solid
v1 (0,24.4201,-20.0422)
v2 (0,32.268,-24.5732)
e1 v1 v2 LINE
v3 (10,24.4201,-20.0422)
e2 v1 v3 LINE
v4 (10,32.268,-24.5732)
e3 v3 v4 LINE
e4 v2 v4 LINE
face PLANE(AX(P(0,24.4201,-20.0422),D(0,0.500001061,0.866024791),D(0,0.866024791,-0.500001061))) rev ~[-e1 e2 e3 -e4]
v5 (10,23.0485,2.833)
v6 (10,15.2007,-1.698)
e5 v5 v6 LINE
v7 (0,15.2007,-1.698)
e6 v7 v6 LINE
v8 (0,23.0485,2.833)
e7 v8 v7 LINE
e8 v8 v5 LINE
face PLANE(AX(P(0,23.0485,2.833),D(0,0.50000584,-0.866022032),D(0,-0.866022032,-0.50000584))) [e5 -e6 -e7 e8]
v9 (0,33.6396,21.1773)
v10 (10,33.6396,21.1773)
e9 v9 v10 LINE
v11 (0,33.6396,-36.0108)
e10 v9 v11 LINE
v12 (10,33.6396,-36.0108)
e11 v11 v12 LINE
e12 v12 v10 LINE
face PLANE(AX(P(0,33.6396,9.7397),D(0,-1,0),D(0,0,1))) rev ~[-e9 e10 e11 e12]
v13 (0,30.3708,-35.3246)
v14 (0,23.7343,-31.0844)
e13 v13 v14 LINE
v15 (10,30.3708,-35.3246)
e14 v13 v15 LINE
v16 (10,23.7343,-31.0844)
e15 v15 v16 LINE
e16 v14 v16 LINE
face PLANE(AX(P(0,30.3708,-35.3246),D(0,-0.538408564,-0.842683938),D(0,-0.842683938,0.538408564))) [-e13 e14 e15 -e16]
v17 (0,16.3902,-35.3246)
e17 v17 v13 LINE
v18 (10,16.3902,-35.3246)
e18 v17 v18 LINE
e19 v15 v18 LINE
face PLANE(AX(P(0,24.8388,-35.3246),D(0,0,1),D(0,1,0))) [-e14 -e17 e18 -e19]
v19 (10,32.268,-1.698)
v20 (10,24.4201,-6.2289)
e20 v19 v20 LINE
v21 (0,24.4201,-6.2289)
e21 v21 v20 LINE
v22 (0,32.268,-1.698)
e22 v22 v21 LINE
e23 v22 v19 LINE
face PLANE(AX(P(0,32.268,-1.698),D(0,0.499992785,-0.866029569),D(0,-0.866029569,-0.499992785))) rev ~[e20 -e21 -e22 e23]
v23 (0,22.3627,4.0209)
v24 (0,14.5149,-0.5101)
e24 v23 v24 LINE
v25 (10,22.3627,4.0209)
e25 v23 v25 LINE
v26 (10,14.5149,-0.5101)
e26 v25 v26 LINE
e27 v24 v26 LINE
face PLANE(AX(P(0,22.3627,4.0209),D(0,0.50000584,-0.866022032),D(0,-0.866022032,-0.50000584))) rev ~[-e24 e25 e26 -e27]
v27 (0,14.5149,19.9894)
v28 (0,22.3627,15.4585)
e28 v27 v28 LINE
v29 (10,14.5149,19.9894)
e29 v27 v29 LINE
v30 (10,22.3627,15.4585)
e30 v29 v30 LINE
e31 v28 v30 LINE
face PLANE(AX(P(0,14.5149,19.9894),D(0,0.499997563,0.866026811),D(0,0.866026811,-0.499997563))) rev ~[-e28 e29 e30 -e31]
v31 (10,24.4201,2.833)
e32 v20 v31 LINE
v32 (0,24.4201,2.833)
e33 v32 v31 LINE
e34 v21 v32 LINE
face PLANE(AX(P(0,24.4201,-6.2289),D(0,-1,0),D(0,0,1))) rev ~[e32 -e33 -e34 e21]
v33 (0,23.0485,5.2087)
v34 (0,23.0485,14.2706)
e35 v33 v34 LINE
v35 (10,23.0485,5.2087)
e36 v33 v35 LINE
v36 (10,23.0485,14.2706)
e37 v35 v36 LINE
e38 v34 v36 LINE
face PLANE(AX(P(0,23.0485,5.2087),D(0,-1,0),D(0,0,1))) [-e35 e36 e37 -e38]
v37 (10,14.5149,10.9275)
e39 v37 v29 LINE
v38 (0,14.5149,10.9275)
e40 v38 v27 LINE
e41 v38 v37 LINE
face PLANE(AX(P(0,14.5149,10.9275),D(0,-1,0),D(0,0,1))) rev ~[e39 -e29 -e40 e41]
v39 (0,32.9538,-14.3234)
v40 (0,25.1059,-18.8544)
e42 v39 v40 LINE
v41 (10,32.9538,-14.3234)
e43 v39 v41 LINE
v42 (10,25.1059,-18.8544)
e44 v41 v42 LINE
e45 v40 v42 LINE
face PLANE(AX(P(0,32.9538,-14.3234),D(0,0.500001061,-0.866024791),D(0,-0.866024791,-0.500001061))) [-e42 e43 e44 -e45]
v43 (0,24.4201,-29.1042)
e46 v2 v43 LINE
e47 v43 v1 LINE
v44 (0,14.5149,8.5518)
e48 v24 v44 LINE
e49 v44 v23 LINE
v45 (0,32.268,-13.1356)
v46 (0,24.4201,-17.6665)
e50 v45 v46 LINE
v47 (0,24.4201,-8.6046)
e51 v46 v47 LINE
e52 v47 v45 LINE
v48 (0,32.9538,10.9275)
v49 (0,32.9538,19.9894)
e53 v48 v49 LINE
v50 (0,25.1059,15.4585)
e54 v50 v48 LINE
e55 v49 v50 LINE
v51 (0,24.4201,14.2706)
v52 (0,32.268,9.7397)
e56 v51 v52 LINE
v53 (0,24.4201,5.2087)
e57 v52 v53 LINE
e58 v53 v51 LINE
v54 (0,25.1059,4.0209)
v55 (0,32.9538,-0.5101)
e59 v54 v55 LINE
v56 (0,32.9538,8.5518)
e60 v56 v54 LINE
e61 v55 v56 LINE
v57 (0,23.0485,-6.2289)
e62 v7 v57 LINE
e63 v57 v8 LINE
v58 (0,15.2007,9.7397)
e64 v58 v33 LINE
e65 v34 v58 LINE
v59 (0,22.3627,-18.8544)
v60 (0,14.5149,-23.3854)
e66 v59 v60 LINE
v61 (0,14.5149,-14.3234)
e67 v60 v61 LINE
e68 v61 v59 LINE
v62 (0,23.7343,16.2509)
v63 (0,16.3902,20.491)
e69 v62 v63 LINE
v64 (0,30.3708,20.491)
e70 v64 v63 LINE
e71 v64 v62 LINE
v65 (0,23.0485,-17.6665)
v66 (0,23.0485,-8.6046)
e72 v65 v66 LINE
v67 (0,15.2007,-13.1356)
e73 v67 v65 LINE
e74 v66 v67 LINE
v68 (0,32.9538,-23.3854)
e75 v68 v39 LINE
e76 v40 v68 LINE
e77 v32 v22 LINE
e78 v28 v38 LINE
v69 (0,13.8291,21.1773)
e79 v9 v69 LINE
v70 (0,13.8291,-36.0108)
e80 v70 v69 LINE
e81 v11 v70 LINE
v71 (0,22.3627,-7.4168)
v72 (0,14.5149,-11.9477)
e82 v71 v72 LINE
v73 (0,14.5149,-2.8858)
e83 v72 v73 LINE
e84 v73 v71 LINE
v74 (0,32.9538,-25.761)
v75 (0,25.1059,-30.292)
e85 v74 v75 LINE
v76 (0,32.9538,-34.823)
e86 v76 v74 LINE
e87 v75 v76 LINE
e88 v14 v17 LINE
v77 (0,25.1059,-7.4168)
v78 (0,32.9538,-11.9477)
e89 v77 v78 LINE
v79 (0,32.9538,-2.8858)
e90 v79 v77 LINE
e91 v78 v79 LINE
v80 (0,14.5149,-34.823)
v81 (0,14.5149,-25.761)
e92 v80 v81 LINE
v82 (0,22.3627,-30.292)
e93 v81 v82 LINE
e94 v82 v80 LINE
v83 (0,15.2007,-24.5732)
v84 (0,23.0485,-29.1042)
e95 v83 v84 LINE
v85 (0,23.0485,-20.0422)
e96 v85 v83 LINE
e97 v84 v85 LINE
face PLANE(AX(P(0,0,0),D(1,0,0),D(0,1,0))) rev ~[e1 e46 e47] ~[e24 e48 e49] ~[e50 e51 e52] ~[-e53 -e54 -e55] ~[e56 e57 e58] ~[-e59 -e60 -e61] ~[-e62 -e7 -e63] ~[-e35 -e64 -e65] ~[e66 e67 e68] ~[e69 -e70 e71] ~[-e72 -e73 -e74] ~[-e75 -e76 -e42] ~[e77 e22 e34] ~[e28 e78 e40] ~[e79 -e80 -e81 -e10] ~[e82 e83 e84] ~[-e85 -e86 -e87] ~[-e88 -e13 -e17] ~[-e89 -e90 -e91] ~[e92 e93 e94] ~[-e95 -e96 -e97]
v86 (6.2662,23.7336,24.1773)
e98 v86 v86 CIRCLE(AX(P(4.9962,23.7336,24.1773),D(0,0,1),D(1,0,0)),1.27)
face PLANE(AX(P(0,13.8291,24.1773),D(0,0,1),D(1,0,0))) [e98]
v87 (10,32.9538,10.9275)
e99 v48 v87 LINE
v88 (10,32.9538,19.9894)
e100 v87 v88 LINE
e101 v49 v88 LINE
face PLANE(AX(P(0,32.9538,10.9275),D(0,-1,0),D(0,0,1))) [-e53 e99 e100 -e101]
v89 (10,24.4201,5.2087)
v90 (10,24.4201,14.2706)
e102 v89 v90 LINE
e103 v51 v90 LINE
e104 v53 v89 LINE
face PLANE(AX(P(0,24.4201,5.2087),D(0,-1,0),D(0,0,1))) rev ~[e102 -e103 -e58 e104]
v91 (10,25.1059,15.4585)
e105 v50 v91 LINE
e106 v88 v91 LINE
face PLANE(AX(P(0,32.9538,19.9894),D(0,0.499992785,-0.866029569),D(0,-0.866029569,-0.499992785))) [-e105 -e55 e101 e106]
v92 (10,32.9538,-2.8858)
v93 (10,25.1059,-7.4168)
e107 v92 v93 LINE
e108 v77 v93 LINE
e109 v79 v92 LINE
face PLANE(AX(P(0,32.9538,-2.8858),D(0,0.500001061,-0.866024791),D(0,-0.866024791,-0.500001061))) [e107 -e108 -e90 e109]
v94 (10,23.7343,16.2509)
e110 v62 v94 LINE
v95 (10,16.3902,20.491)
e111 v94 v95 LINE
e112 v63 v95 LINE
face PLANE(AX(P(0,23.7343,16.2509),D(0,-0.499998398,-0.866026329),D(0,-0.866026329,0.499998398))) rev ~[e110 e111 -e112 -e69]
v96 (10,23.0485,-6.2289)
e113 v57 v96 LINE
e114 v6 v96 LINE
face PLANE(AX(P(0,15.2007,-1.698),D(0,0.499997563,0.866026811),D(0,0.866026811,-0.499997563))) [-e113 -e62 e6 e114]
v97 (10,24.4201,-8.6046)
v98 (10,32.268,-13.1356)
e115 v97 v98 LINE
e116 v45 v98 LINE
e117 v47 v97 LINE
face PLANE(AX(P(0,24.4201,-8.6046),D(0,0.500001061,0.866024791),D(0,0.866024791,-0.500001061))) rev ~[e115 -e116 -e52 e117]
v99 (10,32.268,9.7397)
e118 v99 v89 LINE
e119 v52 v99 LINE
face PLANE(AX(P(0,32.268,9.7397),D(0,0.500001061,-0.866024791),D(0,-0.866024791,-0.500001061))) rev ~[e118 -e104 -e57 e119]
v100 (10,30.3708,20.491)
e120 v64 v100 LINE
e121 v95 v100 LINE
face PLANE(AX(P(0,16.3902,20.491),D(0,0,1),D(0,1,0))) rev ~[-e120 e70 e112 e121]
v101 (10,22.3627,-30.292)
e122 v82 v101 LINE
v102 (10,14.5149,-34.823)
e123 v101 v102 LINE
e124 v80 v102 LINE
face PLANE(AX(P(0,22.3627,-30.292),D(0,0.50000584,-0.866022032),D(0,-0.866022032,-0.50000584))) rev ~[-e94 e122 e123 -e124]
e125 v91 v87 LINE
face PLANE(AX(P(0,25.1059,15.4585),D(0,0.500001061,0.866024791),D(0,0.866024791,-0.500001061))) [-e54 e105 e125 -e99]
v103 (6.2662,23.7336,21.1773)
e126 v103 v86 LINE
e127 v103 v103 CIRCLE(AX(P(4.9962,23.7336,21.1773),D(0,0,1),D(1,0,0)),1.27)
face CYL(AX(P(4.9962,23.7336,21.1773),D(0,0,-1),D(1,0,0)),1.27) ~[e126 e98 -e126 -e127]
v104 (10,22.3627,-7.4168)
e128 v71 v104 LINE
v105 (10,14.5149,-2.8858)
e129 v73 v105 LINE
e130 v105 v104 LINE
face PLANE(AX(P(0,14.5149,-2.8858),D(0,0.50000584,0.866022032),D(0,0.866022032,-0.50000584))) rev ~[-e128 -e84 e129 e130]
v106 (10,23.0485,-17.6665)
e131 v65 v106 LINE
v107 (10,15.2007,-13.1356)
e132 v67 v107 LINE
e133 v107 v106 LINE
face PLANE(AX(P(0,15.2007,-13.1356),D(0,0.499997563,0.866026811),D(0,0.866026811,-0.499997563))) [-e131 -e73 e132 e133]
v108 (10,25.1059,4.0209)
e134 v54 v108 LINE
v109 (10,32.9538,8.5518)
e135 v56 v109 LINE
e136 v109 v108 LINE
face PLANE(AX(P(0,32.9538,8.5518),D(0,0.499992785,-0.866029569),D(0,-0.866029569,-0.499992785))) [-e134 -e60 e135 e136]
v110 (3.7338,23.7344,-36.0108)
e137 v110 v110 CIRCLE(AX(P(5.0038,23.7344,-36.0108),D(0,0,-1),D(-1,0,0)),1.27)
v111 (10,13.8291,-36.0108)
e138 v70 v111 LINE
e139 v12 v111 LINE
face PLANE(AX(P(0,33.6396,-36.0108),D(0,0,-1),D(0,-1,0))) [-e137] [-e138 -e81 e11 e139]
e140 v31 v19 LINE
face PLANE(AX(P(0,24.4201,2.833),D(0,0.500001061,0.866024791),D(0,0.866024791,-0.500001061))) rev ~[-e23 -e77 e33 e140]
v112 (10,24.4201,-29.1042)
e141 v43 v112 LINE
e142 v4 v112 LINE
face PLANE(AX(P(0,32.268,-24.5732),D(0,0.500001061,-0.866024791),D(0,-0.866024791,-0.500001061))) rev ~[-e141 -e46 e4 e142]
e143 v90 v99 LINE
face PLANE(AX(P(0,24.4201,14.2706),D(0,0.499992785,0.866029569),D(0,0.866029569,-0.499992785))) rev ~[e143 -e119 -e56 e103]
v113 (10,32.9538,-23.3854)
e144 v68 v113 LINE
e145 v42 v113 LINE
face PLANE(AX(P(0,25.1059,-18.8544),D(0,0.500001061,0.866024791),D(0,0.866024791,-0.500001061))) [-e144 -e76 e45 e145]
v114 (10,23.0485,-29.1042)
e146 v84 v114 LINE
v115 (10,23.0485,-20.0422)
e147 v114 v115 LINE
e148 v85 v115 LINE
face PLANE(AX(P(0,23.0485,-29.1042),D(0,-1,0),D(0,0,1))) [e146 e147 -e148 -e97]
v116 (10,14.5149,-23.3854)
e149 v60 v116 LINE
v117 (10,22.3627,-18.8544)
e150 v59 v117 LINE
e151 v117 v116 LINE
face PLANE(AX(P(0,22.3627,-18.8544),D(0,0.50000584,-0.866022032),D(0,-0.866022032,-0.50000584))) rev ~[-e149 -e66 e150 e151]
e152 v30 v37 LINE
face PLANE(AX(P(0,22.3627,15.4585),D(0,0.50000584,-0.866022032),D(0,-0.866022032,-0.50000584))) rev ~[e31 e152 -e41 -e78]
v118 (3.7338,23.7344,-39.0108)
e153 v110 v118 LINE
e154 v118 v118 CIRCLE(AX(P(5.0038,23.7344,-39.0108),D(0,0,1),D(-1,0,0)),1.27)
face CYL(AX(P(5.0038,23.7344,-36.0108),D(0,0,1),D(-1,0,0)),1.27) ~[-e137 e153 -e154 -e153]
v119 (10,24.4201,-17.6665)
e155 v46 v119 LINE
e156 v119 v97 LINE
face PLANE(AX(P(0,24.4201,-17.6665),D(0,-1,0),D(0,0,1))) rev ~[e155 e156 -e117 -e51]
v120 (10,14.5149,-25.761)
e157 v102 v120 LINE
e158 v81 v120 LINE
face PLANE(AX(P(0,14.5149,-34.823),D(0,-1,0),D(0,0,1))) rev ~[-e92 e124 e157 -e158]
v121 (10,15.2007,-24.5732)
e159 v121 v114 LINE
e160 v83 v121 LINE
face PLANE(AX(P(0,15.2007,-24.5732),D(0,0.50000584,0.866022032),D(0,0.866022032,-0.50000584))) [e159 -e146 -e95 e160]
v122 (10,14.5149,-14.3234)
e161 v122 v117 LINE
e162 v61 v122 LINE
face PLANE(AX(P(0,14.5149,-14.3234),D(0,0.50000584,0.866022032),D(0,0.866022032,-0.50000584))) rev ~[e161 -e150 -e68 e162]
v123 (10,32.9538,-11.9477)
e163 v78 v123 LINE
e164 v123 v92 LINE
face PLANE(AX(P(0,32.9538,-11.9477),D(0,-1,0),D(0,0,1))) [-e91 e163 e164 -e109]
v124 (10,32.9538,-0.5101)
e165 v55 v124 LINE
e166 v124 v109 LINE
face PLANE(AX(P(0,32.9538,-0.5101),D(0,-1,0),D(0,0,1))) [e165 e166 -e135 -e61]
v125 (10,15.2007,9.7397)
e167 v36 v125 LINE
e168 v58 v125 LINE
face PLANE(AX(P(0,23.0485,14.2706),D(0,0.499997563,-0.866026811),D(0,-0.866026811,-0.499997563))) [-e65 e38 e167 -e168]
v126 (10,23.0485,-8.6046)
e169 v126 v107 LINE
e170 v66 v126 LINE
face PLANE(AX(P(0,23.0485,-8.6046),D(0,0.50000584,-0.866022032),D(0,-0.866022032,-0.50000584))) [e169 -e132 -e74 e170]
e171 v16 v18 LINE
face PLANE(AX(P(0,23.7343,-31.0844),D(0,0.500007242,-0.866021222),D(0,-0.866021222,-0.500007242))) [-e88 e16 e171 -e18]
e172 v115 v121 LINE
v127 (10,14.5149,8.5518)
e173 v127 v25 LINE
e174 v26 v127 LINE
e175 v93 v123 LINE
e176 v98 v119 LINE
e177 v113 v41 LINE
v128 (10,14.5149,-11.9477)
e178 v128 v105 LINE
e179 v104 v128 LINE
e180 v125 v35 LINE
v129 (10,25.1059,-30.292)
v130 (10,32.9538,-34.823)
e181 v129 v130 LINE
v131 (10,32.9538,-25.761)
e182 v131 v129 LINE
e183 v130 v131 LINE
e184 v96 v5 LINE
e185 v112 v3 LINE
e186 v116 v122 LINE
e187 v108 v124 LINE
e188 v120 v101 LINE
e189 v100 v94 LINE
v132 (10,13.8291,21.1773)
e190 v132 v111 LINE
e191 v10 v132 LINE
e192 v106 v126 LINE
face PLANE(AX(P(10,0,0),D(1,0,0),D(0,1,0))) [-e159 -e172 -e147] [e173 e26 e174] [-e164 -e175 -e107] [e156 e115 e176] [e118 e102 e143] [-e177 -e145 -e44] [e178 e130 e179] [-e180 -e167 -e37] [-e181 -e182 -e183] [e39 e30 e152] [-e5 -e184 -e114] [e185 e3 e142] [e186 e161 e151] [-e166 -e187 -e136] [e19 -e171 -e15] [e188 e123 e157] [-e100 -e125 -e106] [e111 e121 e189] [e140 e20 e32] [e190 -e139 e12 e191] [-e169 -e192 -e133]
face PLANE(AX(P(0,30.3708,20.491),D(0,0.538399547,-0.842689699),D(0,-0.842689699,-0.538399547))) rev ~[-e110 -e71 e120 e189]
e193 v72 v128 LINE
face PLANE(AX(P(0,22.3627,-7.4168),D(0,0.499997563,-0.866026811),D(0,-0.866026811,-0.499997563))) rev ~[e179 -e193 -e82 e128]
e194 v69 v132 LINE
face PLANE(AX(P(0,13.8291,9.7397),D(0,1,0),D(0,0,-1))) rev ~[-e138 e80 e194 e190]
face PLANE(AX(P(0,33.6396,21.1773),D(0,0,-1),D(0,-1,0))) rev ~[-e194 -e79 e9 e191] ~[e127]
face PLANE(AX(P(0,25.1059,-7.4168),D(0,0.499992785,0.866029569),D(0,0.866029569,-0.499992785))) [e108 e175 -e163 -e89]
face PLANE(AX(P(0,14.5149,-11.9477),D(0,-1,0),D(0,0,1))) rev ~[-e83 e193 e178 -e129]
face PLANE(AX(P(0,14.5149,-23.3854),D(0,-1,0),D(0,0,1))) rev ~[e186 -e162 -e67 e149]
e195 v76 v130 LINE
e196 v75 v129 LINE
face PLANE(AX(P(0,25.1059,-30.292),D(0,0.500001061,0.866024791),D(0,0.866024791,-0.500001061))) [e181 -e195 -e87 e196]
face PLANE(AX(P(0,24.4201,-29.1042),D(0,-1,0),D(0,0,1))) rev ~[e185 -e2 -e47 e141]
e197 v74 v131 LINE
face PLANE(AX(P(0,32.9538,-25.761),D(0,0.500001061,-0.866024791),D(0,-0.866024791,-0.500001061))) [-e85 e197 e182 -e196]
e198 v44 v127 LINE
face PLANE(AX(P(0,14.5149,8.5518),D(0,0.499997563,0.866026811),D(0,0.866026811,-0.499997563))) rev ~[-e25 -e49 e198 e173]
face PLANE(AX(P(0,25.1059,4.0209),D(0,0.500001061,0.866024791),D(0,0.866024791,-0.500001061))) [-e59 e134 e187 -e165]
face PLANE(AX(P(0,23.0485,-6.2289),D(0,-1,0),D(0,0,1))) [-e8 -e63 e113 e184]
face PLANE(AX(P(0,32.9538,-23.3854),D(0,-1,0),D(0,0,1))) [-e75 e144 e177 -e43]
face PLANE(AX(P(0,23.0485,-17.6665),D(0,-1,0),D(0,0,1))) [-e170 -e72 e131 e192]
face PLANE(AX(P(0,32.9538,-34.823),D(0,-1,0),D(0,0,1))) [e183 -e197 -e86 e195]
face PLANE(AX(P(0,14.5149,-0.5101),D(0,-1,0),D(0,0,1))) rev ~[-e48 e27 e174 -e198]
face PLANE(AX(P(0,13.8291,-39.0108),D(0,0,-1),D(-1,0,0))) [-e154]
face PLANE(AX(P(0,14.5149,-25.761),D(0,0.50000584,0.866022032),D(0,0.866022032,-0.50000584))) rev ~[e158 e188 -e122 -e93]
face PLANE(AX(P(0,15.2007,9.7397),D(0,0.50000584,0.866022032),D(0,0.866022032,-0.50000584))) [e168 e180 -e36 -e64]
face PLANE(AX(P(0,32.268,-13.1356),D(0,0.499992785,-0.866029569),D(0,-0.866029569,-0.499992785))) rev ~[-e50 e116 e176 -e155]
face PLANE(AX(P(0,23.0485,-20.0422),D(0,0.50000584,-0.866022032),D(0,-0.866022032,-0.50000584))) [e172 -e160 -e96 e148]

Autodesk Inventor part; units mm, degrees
ref_plane "YZ Plane" through (0, 0, 0) normal (1, 0, 0) x (0, 1, 0)
ref_plane "XZ Plane" through (0, 0, 0) normal (0, 1, 0) x (-1, 0, 0)
ref_plane "XY Plane" through (0, 0, 0) normal (0, 0, 1) x (1, 0, 0)
sketch "Sketch1" plane through (0, 0, 0) normal (1, 0, 0) x (0, 1, 0)
  line L0 (23.7343, 15.4585) -> (23.7343, 4.0209)
  line L1 (23.7343, 4.0209) -> (33.6396, 9.7397)
  line L2 (33.6396, 9.7397) -> (23.7343, 15.4585)
  line L3 (32.268, 9.7397) -> (24.4201, 5.2087)
  line L4 (24.4201, 5.2087) -> (24.4201, 14.2706)
  line L5 (24.4201, 14.2706) -> (32.268, 9.7397)
  line L6 (33.6396, 9.7397) -> (23.7343, 4.0209)
  line L7 (33.6396, -1.698) -> (23.7343, 4.0209)
  line L8 (33.6396, 9.7397) -> (33.6396, -1.698)
  line L9 (32.9538, 8.5518) -> (25.1059, 4.0209)
  line L10 (25.1059, 4.0209) -> (32.9538, -0.5101)
  line L11 (32.9538, -0.5101) -> (32.9538, 8.5518)
  line L12 (23.7343, 4.0209) -> (23.7343, -7.4168)
  line L13 (23.7343, -7.4168) -> (33.6396, -1.698)
  line L14 (24.4201, -6.2289) -> (24.4201, 2.833)
  line L15 (24.4201, 2.833) -> (32.268, -1.698)
  line L16 (32.268, -1.698) -> (24.4201, -6.2289)
  line L17 (33.6396, -1.698) -> (33.6396, -13.1356)
  line L18 (33.6396, -13.1356) -> (23.7343, -7.4168)
  line L19 (32.9538, -11.9477) -> (32.9538, -2.8858)
  line L20 (25.1059, -7.4168) -> (32.9538, -11.9477)
  line L21 (32.9538, -2.8858) -> (25.1059, -7.4168)
  line L22 (23.7343, -7.4168) -> (23.7343, -18.8544)
  line L23 (24.4201, -17.6665) -> (24.4201, -8.6046)
  line L24 (23.7343, -18.8544) -> (33.6396, -13.1356)
  line L25 (32.268, -13.1356) -> (24.4201, -17.6665)
  line L26 (24.4201, -8.6046) -> (32.268, -13.1356)
  line L27 (33.6396, -13.1356) -> (33.6396, -24.5732)
  line L28 (32.9538, -14.3234) -> (25.1059, -18.8544)
  line L29 (25.1059, -18.8544) -> (32.9538, -23.3854)
  line L30 (33.6396, -24.5732) -> (23.7343, -18.8544)
  line L31 (32.9538, -23.3854) -> (32.9538, -14.3234)
  line L32 (23.7343, -18.8544) -> (23.7343, -30.292)
  line L33 (23.7343, -30.292) -> (33.6396, -24.5732)
  line L34 (32.268, -24.5732) -> (24.4201, -29.1042)
  line L35 (24.4201, -29.1042) -> (24.4201, -20.0422)
  line L36 (24.4201, -20.0422) -> (32.268, -24.5732)
  line L37 (23.7343, 4.0209) -> (13.8291, 9.7397)
  line L38 (13.8291, 9.7397) -> (23.7343, 15.4585)
  line L39 (15.2007, 9.7397) -> (23.0485, 5.2087)
  line L40 (23.0485, 5.2087) -> (23.0485, 14.2706)
  line L41 (23.0485, 14.2706) -> (15.2007, 9.7397)
  line L42 (23.7343, 4.0209) -> (13.8291, 9.7397)
  line L43 (13.8291, -1.698) -> (23.7343, 4.0209)
  line L44 (13.8291, 9.7397) -> (13.8291, -1.698)
  line L45 (14.5149, 8.5518) -> (22.3627, 4.0209)
  line L46 (22.3627, 4.0209) -> (14.5149, -0.5101)
  line L47 (14.5149, -0.5101) -> (14.5149, 8.5518)
  line L48 (13.8291, -1.698) -> (23.7343, 4.0209)
  line L49 (23.7343, -7.4168) -> (13.8291, -1.698)
  line L50 (23.0485, 2.833) -> (15.2007, -1.698)
  line L51 (23.0485, -6.2289) -> (23.0485, 2.833)
  line L52 (15.2007, -1.698) -> (23.0485, -6.2289)
  line L53 (13.8291, -13.1356) -> (23.7343, -7.4168)
  line L54 (15.2007, -13.1356) -> (23.0485, -17.6665)
  line L55 (23.0485, -17.6665) -> (23.0485, -8.6046)
  line L56 (23.7343, -18.8544) -> (13.8291, -13.1356)
  line L57 (23.0485, -8.6046) -> (15.2007, -13.1356)
  line L58 (23.7343, -7.4168) -> (13.8291, -1.698)
  line L59 (14.5149, -2.8858) -> (22.3627, -7.4168)
  line L60 (13.8291, -1.698) -> (13.8291, -13.1356)
  line L61 (14.5149, -11.9477) -> (14.5149, -2.8858)
  line L62 (13.8291, -13.1356) -> (23.7343, -7.4168)
  line L63 (22.3627, -7.4168) -> (14.5149, -11.9477)
  line L64 (13.8291, -24.5732) -> (23.7343, -18.8544)
  line L65 (23.0485, -29.1042) -> (23.0485, -20.0422)
  line L66 (23.7343, -30.292) -> (13.8291, -24.5732)
  line L67 (23.0485, -20.0422) -> (15.2007, -24.5732)
  line L68 (15.2007, -24.5732) -> (23.0485, -29.1042)
  line L69 (23.7343, -18.8544) -> (13.8291, -13.1356)
  line L70 (13.8291, -13.1356) -> (13.8291, -24.5732)
  line L71 (14.5149, -23.3854) -> (14.5149, -14.3234)
  line L72 (14.5149, -14.3234) -> (22.3627, -18.8544)
  line L73 (13.8291, -24.5732) -> (23.7343, -18.8544)
  line L74 (22.3627, -18.8544) -> (14.5149, -23.3854)
  line L75 (13.8291, 9.7397) -> (13.8291, 21.1773)
  line L76 (13.8291, 21.1773) -> (23.7343, 15.4585)
  line L77 (33.6396, 9.7397) -> (33.6396, 21.1773)
  line L78 (33.6396, 21.1773) -> (23.7343, 15.4585)
  line L79 (33.6396, 21.1773) -> (13.8291, 21.1773)
  line L80 (33.6396, -24.5732) -> (33.6396, -36.0108)
  line L81 (33.6396, -36.0108) -> (23.7343, -30.292)
  line L82 (13.8291, -24.5732) -> (13.8291, -36.0108)
  line L83 (13.8291, -36.0108) -> (23.7343, -30.292)
  line L84 (33.6396, -36.0108) -> (13.8291, -36.0108)
  line L85 (14.5149, 10.9275) -> (14.5149, 19.9894)
  line L86 (22.3627, 15.4585) -> (14.5149, 10.9275)
  line L87 (14.5149, 19.9894) -> (22.3627, 15.4585)
  line L88 (32.9538, 10.9275) -> (32.9538, 19.9894)
  line L89 (32.9538, 19.9894) -> (25.1059, 15.4585)
  line L90 (25.1059, 15.4585) -> (32.9538, 10.9275)
  line L91 (25.1059, -30.292) -> (32.9538, -34.823)
  line L92 (32.9538, -34.823) -> (32.9538, -25.761)
  line L93 (32.9538, -25.761) -> (25.1059, -30.292)
  line L94 (22.3627, -30.292) -> (14.5149, -34.823)
  line L95 (14.5149, -34.823) -> (14.5149, -25.761)
  line L96 (14.5149, -25.761) -> (22.3627, -30.292)
  line L97 (24.8388, 20.491) -> (30.3708, 20.491)
  line L98 (30.3708, 20.491) -> (23.7343, 16.2509)
  line L99 (23.7343, 16.2509) -> (16.3902, 20.491)
  line L100 (16.3902, 20.491) -> (24.8388, 20.491)
  line L101 (24.8388, -35.3246) -> (30.3708, -35.3246)
  line L102 (30.3708, -35.3246) -> (23.7343, -31.0844)
  line L103 (23.7343, -31.0844) -> (16.3902, -35.3246)
  line L104 (16.3902, -35.3246) -> (24.8388, -35.3246)
  dimension "d13" = 0.6858
extrude "Extrusion1" add sketch "Sketch1" along normal blind 10
sketch "Sketch2" plane through (0, 13.8291, 21.1773) normal (0, 0, 1) x (1, 0, 0)
  line L0 (0, 19.8105) -> (10, 19.8105) projected
  line L1 (10, 19.8105) -> (10, 9.9045)
  line L2 (10, 19.8105) -> (10, 0) projected
  line L3 (10, 9.9045) -> (4.9962, 9.9045)
  circle A0 centre (4.9962, 9.9045) radius 1.27
  point P0 (0, -13.8291)
  point P1 (0, 9.9053)
  dimension "d39" = 9.906
  dimension "d40" = 5.0038
  dimension "d41" = 2.54
sketch "Sketch3" plane through (0, 13.8291, -36.0108) normal (0, 0, -1) x (-1, 0, 0)
  line L0 (0, 19.8105) -> (-10, 19.8105) projected
  line L1 (0, 10.5911) -> (-10, 10.5911) projected
  line L2 (0, 19.8105) -> (-10, 19.8105) projected
  line L3 (0, 19.8105) -> (0, 9.9045)
  line L4 (0, 0) -> (0, 19.8105) projected
  circle A0 centre (-5.0038, 9.9053) radius 1.27
  point P0 (0, -13.8291)
  dimension "d44" = 9.906
  dimension "d46" = 2.54
extrude "Extrusion4" add sketch "Sketch2" along normal blind 3
extrude "Extrusion5" add sketch "Sketch3" along normal blind 3
properties part number "Arm support half scale"
